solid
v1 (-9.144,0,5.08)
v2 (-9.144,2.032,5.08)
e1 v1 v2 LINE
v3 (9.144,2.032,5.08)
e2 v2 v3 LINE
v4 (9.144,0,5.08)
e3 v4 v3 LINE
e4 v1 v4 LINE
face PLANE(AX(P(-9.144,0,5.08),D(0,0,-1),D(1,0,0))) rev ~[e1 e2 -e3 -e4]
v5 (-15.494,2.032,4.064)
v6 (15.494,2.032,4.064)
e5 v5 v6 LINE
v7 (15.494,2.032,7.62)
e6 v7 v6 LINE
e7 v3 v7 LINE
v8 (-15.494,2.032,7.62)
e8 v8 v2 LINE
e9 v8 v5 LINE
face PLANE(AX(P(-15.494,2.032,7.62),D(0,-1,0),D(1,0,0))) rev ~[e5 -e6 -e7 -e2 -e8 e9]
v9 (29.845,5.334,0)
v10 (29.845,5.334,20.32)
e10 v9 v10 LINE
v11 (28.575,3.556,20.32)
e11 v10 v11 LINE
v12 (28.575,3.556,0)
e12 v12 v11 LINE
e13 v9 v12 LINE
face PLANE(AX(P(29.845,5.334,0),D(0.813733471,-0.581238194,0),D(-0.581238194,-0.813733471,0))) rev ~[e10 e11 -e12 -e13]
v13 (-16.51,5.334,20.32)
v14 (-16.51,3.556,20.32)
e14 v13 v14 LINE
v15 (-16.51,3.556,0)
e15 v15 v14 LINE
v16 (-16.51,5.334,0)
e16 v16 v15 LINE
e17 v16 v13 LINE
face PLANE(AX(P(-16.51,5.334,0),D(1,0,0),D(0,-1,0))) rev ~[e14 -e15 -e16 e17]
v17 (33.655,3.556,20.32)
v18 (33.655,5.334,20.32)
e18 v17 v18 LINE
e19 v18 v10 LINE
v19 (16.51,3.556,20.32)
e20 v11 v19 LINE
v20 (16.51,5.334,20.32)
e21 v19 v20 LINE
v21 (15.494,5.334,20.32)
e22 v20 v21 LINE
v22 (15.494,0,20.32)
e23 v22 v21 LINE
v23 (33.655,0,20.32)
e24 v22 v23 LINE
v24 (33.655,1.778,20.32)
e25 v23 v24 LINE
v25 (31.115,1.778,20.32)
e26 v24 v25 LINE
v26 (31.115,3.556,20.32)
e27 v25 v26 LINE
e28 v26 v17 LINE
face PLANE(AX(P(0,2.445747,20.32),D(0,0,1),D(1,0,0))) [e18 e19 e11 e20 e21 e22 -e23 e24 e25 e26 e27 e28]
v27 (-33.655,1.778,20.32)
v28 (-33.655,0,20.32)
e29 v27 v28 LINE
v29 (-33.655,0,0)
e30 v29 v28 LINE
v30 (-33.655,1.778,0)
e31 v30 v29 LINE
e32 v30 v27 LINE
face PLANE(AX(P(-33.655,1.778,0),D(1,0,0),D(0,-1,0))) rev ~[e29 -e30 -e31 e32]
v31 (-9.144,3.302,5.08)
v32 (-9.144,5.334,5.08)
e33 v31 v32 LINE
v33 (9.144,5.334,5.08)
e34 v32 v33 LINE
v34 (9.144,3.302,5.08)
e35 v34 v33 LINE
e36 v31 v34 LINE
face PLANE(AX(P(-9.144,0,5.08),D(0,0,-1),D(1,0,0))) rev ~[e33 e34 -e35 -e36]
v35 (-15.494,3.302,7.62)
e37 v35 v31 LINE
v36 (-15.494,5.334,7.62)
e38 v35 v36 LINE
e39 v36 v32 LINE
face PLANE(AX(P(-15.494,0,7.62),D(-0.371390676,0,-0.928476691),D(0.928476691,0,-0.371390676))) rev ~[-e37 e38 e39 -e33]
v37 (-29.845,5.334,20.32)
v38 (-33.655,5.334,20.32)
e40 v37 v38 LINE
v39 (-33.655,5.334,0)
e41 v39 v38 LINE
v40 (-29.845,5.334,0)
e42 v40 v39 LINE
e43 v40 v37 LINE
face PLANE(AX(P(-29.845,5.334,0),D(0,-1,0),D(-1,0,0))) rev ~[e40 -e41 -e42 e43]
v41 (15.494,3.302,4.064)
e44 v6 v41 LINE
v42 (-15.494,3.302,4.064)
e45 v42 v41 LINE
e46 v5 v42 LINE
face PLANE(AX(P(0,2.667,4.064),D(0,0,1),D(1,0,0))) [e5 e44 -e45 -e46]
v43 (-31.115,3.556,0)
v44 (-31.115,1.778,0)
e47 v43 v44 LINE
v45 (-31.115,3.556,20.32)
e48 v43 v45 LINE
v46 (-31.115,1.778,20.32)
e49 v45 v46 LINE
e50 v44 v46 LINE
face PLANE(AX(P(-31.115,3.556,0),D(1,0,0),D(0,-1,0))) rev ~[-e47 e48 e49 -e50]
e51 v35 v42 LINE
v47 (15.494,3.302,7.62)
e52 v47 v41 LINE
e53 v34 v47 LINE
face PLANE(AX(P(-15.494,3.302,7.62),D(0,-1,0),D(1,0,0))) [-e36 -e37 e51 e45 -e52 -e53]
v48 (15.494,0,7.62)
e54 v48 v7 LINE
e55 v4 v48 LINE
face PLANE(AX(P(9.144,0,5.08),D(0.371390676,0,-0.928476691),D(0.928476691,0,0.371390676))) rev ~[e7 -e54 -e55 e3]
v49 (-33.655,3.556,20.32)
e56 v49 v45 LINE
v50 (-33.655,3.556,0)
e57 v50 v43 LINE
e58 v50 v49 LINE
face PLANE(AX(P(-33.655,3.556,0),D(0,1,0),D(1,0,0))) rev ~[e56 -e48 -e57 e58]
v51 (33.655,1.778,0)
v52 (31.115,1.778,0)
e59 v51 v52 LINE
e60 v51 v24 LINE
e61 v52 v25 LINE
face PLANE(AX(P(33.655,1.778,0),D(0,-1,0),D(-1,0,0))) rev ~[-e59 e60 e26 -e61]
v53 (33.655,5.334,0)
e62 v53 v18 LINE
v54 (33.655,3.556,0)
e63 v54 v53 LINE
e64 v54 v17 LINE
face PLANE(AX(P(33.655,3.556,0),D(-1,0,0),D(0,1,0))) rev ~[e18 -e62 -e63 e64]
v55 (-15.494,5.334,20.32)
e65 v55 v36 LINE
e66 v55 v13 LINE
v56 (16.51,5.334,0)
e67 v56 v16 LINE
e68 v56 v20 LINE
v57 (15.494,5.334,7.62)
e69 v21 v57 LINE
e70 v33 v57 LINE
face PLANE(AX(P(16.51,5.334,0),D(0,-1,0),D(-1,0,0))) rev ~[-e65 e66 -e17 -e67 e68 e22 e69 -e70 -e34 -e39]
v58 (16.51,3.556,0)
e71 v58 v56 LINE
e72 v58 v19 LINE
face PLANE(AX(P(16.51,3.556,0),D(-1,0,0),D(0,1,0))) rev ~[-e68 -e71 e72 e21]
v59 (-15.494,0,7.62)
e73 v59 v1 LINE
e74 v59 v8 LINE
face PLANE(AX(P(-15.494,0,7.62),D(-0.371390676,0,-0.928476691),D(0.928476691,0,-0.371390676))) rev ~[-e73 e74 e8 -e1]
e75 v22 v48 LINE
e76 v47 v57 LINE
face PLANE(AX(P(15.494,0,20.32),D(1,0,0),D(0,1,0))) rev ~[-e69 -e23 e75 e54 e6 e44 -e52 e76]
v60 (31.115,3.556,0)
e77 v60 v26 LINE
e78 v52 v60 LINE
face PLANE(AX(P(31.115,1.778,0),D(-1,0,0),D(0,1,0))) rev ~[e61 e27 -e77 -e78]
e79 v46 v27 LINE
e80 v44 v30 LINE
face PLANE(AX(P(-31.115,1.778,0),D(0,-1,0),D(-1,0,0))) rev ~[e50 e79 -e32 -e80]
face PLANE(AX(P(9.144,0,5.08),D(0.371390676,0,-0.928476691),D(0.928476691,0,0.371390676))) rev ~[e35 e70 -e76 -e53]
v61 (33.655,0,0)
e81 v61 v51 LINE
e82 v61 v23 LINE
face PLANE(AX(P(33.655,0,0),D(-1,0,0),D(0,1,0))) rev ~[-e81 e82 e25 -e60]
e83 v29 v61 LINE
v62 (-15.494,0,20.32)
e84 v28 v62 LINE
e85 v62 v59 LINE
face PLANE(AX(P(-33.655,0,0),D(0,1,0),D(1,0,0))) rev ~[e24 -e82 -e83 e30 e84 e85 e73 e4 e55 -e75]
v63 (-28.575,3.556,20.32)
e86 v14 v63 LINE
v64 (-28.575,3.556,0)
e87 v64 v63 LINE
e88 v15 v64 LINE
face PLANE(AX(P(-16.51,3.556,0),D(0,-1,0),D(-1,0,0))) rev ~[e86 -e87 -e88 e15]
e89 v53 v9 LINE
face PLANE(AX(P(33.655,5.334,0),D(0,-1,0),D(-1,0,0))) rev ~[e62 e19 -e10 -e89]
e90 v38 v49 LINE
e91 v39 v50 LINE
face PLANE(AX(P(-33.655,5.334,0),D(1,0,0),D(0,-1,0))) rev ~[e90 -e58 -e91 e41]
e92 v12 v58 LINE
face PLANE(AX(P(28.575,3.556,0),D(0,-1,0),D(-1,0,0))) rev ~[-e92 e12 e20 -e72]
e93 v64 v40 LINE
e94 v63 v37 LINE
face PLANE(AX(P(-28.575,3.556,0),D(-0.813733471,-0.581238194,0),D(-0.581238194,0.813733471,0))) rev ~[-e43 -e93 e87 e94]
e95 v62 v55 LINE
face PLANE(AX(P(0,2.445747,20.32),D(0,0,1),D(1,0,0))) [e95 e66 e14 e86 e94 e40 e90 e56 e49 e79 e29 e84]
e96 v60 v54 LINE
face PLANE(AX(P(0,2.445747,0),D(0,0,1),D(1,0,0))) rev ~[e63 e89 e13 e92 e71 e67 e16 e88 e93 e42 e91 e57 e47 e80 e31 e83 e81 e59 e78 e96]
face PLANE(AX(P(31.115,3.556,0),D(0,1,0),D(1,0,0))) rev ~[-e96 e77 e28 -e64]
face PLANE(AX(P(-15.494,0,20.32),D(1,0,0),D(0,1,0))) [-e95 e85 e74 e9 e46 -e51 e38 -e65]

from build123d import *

# Parameters (mm, degrees)
F1_DEPTH = 20.32
F2_W     = 30.988
F2_H     = 5.334
F3_DEPTH = 12.7
F4_W     = 30.988
F4_H     = 1.27
F5_DEPTH = 3.556
F7_DEPTH = 5.334


with BuildPart() as f1:
    # F0 (on Top) → F1 (new body)
    with BuildSketch(Plane.XY):
        Polygon((-31.115, 1.778), (-33.655, 1.778), (-33.655, 0), (33.655, 0), (33.655, 1.778), (31.115, 1.778), (31.115, 3.556), (33.655, 3.556), (33.655, 5.334), (29.845, 5.334), (28.575, 3.556), (16.51, 3.556), (16.51, 5.334), (-16.51, 5.334), (-16.51, 3.556), (-28.575, 3.556), (-29.845, 5.334), (-33.655, 5.334), (-33.655, 3.556), (-31.115, 3.556), align=None)
    extrude(amount=F1_DEPTH)

    # F2 (on face) → F3 (cut)
    with BuildSketch(Plane.XY.offset(20.32)):
        with Locations((0, 2.667)):
            Rectangle(F2_W, F2_H)
    extrude(amount=-F3_DEPTH, mode=Mode.SUBTRACT)

    # F4 (on face) → F5 (cut)
    with BuildSketch(Plane.XY.offset(7.62)):
        with Locations((0, 2.667)):
            Rectangle(F4_W, F4_H)
    extrude(amount=-F5_DEPTH, mode=Mode.SUBTRACT)

    # F6 (on face) → F7 (cut, through all)
    with BuildSketch(Plane.XZ):
        Polygon((15.494, 7.62), (-15.494, 7.62), (-9.144, 5.08), (9.144, 5.08), align=None)
    extrude(amount=-F7_DEPTH, mode=Mode.SUBTRACT)


solid = f1.part
